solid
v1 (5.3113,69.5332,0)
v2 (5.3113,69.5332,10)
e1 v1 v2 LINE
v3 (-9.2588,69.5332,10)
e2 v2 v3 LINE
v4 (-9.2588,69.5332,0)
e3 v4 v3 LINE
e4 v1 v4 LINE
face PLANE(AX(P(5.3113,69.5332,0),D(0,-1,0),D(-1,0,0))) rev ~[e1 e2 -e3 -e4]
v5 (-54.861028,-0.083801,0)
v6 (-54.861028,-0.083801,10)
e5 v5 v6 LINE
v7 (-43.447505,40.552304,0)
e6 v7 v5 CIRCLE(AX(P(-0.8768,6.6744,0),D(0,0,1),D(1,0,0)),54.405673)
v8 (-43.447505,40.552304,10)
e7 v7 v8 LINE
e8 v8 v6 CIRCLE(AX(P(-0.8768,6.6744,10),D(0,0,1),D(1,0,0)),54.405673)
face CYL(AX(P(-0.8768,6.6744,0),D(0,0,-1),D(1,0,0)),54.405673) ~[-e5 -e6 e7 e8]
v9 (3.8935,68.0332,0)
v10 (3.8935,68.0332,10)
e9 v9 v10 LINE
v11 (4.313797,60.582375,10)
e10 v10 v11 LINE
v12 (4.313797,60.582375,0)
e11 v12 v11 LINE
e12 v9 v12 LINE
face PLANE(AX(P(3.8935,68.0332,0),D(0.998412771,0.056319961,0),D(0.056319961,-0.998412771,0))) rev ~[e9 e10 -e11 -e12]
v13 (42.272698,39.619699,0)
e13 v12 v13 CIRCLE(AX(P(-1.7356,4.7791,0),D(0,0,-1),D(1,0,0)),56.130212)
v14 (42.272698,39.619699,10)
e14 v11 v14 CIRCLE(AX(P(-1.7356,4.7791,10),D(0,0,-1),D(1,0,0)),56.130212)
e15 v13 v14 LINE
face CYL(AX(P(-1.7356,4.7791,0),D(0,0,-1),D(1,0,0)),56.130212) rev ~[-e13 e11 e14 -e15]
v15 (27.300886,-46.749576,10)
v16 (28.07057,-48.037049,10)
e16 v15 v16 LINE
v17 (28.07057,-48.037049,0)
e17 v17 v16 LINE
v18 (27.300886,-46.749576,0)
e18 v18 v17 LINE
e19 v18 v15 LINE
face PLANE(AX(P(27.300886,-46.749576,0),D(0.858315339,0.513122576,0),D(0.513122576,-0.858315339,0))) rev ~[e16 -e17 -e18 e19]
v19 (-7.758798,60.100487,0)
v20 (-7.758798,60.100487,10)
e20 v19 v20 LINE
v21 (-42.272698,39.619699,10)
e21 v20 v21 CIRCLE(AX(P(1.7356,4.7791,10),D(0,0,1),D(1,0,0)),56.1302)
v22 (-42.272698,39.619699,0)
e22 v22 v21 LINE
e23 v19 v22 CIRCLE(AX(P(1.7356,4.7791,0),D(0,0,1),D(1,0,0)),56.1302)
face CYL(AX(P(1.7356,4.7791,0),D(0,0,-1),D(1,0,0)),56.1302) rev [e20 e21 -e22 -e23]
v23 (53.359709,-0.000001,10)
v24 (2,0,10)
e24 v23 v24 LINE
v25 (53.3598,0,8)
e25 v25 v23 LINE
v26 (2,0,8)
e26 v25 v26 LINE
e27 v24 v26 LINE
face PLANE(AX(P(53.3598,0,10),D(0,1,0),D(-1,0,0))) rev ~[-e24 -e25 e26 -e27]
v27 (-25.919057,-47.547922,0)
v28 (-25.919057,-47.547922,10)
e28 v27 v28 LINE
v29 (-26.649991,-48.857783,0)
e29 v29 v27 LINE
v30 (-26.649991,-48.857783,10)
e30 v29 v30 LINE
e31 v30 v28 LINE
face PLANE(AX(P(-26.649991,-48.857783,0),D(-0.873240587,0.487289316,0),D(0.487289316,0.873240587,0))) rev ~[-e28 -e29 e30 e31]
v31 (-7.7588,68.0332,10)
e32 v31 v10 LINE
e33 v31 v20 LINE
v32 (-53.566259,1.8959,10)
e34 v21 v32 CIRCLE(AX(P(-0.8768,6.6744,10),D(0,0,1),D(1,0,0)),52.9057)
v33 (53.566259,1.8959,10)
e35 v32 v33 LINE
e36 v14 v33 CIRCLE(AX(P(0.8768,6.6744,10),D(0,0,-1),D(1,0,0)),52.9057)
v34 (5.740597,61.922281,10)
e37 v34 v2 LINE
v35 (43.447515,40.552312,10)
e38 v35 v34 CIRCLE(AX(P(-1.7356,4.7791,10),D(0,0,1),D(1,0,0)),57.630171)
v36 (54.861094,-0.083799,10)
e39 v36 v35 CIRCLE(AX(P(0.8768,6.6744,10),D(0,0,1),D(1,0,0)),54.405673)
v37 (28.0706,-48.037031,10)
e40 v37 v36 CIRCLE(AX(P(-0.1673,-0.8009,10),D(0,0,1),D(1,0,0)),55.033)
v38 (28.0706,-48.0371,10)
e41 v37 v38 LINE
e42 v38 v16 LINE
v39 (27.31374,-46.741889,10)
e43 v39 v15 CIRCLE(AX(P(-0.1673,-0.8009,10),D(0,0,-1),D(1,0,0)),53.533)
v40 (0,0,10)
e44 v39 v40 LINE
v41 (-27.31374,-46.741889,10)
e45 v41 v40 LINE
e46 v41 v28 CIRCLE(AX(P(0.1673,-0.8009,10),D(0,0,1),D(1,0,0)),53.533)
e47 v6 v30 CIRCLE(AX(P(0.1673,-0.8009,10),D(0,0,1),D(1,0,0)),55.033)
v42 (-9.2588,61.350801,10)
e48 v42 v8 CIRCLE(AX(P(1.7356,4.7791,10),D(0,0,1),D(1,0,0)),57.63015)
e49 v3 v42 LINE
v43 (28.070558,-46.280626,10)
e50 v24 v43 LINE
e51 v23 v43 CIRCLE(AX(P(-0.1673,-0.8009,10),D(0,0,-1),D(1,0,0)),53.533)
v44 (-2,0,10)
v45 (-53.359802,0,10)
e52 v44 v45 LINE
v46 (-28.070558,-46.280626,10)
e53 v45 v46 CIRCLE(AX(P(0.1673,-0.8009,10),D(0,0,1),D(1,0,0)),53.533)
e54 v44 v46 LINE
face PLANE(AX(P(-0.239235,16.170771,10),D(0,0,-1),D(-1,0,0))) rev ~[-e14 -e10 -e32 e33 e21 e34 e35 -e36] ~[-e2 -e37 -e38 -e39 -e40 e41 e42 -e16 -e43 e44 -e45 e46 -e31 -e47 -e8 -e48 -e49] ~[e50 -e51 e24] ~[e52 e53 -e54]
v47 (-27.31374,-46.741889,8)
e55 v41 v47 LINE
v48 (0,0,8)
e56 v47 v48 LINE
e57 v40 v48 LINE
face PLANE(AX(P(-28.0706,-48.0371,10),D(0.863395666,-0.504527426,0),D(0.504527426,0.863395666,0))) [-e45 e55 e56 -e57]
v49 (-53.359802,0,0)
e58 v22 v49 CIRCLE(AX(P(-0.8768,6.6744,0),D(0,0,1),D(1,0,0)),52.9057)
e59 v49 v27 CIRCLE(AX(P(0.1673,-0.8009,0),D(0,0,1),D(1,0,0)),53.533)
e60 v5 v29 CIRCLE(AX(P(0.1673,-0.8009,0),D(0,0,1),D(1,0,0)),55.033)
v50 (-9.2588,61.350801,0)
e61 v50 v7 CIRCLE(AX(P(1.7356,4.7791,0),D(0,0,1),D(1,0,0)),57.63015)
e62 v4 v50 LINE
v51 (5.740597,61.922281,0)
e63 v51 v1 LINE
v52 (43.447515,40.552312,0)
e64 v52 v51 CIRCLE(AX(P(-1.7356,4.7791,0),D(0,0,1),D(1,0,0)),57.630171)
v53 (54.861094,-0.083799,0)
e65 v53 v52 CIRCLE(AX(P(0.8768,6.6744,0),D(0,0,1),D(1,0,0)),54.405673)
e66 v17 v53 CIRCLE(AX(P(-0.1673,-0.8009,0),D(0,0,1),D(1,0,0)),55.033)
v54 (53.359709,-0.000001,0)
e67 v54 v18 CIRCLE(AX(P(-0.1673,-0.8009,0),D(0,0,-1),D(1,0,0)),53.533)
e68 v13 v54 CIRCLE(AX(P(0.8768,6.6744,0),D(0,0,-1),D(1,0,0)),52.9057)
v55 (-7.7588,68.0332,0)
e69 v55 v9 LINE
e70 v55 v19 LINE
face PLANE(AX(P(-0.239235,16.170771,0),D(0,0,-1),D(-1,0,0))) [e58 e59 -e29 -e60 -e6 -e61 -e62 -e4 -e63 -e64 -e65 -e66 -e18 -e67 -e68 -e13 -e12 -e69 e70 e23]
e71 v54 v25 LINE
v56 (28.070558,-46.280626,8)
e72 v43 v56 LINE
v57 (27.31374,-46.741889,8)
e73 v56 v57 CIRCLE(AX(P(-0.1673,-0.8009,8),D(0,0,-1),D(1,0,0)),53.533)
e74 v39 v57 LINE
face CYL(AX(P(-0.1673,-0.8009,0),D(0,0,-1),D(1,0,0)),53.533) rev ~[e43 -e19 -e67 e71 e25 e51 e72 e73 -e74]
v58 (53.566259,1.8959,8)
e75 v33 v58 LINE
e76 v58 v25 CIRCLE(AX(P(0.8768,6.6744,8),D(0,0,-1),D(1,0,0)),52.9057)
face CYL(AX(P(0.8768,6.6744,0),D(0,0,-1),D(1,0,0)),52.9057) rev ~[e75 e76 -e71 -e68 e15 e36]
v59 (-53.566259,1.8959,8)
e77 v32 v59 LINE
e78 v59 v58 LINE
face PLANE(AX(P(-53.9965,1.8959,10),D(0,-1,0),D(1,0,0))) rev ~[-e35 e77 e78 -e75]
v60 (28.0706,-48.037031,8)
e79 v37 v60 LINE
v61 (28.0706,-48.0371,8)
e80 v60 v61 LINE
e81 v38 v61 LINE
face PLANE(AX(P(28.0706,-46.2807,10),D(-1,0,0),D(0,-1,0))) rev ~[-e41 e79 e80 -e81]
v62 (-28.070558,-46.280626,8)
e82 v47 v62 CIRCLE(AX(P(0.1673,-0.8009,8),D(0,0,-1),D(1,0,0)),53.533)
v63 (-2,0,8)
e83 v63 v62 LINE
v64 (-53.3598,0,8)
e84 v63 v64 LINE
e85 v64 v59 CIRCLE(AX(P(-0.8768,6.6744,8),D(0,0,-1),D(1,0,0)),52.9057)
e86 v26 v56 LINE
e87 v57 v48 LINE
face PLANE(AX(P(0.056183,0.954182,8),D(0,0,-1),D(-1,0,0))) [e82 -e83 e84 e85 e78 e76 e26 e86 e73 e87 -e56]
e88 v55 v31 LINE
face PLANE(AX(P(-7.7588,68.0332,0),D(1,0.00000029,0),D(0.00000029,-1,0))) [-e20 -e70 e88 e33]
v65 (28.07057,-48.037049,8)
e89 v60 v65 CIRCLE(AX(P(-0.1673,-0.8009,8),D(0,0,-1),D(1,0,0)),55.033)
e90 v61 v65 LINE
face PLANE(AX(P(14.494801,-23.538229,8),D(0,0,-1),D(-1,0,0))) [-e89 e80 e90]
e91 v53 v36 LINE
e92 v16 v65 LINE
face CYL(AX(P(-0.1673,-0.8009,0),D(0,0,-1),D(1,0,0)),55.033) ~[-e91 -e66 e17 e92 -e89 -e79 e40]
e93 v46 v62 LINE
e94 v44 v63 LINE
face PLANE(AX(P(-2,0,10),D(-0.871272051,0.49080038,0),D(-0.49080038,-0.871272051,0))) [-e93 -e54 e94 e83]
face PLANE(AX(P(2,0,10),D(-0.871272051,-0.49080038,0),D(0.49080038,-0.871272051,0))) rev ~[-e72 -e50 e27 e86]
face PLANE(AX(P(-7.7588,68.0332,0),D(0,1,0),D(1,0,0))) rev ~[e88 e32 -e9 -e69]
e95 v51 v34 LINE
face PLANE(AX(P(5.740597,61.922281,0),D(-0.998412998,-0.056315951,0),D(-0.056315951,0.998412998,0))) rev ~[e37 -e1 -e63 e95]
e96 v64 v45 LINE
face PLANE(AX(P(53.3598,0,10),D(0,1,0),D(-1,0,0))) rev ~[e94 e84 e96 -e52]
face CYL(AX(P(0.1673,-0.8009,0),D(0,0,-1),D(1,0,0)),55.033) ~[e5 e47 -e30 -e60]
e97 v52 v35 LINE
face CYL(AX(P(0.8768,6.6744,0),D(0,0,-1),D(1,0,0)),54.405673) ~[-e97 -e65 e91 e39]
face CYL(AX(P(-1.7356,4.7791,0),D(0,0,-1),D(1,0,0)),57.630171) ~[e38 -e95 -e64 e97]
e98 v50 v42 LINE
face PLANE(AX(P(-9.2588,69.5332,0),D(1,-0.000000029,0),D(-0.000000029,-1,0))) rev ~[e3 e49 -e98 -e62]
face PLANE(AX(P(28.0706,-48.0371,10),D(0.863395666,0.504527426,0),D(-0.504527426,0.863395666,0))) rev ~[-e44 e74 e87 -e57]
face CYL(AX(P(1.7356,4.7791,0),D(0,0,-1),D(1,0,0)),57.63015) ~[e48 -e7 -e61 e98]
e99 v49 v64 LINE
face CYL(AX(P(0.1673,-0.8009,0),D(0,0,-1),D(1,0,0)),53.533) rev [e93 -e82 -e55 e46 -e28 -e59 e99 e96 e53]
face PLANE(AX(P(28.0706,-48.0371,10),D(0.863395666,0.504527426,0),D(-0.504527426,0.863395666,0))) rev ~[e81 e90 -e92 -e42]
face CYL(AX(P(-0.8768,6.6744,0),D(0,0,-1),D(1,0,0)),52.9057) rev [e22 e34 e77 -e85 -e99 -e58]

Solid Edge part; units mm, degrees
sketch "Sketch1" plane through (0, 0, 0) normal (0, 0, 1) x (1, 0, 0)
  arc A0 (-42.2727, 39.6197) -> (-53.3598, 0) centre (-0.8768, 6.6744) ccw
  arc A1 (-53.3598, 0) -> (-25.9191, -47.548) centre (0.1673, -0.8009) ccw
  line L0 (-26.65, -48.8578) -> (-25.9191, -47.548)
  arc A2 (-54.8611, -0.0838) -> (-26.65, -48.8578) centre (0.1673, -0.8009) ccw
  arc A3 (-43.4475, 40.5523) -> (-54.8611, -0.0838) centre (-0.8768, 6.6744) ccw
  arc A4 (-9.2588, 61.3508) -> (-43.4475, 40.5523) centre (1.7356, 4.7791) ccw
  line L1 (-9.2588, 69.5332) -> (-9.2588, 61.3508)
  line L2 (5.3113, 69.5332) -> (-9.2588, 69.5332)
  line L3 (5.7406, 61.9223) -> (5.3113, 69.5332)
  arc A5 (43.4475, 40.5523) -> (5.7406, 61.9223) centre (-1.7356, 4.7791) ccw
  arc A6 (54.8611, -0.0838) -> (43.4475, 40.5523) centre (0.8768, 6.6744) ccw
  arc A7 (28.0706, -48.0371) -> (54.8611, -0.0838) centre (-0.1673, -0.8009) ccw
  line L4 (27.3009, -46.7496) -> (28.0706, -48.0371)
  arc A8 (53.3598, 0) -> (27.3009, -46.7496) centre (-0.1673, -0.8009) cw
  arc A9 (42.2727, 39.6197) -> (53.3598, 0) centre (0.8768, 6.6744) cw
  arc A10 (4.3138, 60.5824) -> (42.2727, 39.6197) centre (-1.7356, 4.7791) cw
  line L5 (3.8935, 68.0332) -> (4.3138, 60.5824)
  line L6 (-7.7588, 68.0332) -> (3.8935, 68.0332)
  line L7 (-7.7588, 68.0332) -> (-7.7588, 60.1005)
  arc A11 (-7.7588, 60.1005) -> (-42.2727, 39.6197) centre (1.7356, 4.7791) ccw
extrude "Protrusion1" add sketch "Sketch1" along normal blind 10
sketch "Sketch2" plane through (0, 10.3377, 10) normal (0, 0, 1) x (0, -1, 0)
  line L0 (8.4418, -53.9965) -> (8.4418, 54.1624)
  line L1 (8.4418, 54.1624) -> (10.3377, 53.3598)
  line L2 (10.3377, 53.3598) -> (10.3377, -53.3598)
  line L3 (10.3377, -53.3598) -> (8.4418, -53.9965)
extrude "ExtrudedProtrusion_2" add sketch "Sketch2" against normal blind 2
sketch "Sketch3" plane through (0, 10.3377, 10) normal (0, 0, 1) x (0, -1, 0)
  line L0 (58.3748, 28.0706) -> (10.3377, 0)
  line L1 (10.3377, 0) -> (10.3377, 2)
  line L2 (10.3377, 2) -> (56.6184, 28.0706)
  line L3 (56.6184, 28.0706) -> (58.3748, 28.0706)
extrude "ExtrudedProtrusion_3" add sketch "Sketch3" against normal blind 2
sketch "Sketch4" plane through (0, 10.3377, 10) normal (0, 0, 1) x (0, -1, 0)
  line L0 (10.3377, -2) -> (56.6184, -28.0706)
  line L1 (56.6184, -28.0706) -> (58.3748, -28.0706)
  line L2 (58.3748, -28.0706) -> (10.3377, 0)
extrude "ExtrudedProtrusion_4" add sketch "Sketch4" against normal blind 2 material side at (-14.9917, -23.1649, 10)
